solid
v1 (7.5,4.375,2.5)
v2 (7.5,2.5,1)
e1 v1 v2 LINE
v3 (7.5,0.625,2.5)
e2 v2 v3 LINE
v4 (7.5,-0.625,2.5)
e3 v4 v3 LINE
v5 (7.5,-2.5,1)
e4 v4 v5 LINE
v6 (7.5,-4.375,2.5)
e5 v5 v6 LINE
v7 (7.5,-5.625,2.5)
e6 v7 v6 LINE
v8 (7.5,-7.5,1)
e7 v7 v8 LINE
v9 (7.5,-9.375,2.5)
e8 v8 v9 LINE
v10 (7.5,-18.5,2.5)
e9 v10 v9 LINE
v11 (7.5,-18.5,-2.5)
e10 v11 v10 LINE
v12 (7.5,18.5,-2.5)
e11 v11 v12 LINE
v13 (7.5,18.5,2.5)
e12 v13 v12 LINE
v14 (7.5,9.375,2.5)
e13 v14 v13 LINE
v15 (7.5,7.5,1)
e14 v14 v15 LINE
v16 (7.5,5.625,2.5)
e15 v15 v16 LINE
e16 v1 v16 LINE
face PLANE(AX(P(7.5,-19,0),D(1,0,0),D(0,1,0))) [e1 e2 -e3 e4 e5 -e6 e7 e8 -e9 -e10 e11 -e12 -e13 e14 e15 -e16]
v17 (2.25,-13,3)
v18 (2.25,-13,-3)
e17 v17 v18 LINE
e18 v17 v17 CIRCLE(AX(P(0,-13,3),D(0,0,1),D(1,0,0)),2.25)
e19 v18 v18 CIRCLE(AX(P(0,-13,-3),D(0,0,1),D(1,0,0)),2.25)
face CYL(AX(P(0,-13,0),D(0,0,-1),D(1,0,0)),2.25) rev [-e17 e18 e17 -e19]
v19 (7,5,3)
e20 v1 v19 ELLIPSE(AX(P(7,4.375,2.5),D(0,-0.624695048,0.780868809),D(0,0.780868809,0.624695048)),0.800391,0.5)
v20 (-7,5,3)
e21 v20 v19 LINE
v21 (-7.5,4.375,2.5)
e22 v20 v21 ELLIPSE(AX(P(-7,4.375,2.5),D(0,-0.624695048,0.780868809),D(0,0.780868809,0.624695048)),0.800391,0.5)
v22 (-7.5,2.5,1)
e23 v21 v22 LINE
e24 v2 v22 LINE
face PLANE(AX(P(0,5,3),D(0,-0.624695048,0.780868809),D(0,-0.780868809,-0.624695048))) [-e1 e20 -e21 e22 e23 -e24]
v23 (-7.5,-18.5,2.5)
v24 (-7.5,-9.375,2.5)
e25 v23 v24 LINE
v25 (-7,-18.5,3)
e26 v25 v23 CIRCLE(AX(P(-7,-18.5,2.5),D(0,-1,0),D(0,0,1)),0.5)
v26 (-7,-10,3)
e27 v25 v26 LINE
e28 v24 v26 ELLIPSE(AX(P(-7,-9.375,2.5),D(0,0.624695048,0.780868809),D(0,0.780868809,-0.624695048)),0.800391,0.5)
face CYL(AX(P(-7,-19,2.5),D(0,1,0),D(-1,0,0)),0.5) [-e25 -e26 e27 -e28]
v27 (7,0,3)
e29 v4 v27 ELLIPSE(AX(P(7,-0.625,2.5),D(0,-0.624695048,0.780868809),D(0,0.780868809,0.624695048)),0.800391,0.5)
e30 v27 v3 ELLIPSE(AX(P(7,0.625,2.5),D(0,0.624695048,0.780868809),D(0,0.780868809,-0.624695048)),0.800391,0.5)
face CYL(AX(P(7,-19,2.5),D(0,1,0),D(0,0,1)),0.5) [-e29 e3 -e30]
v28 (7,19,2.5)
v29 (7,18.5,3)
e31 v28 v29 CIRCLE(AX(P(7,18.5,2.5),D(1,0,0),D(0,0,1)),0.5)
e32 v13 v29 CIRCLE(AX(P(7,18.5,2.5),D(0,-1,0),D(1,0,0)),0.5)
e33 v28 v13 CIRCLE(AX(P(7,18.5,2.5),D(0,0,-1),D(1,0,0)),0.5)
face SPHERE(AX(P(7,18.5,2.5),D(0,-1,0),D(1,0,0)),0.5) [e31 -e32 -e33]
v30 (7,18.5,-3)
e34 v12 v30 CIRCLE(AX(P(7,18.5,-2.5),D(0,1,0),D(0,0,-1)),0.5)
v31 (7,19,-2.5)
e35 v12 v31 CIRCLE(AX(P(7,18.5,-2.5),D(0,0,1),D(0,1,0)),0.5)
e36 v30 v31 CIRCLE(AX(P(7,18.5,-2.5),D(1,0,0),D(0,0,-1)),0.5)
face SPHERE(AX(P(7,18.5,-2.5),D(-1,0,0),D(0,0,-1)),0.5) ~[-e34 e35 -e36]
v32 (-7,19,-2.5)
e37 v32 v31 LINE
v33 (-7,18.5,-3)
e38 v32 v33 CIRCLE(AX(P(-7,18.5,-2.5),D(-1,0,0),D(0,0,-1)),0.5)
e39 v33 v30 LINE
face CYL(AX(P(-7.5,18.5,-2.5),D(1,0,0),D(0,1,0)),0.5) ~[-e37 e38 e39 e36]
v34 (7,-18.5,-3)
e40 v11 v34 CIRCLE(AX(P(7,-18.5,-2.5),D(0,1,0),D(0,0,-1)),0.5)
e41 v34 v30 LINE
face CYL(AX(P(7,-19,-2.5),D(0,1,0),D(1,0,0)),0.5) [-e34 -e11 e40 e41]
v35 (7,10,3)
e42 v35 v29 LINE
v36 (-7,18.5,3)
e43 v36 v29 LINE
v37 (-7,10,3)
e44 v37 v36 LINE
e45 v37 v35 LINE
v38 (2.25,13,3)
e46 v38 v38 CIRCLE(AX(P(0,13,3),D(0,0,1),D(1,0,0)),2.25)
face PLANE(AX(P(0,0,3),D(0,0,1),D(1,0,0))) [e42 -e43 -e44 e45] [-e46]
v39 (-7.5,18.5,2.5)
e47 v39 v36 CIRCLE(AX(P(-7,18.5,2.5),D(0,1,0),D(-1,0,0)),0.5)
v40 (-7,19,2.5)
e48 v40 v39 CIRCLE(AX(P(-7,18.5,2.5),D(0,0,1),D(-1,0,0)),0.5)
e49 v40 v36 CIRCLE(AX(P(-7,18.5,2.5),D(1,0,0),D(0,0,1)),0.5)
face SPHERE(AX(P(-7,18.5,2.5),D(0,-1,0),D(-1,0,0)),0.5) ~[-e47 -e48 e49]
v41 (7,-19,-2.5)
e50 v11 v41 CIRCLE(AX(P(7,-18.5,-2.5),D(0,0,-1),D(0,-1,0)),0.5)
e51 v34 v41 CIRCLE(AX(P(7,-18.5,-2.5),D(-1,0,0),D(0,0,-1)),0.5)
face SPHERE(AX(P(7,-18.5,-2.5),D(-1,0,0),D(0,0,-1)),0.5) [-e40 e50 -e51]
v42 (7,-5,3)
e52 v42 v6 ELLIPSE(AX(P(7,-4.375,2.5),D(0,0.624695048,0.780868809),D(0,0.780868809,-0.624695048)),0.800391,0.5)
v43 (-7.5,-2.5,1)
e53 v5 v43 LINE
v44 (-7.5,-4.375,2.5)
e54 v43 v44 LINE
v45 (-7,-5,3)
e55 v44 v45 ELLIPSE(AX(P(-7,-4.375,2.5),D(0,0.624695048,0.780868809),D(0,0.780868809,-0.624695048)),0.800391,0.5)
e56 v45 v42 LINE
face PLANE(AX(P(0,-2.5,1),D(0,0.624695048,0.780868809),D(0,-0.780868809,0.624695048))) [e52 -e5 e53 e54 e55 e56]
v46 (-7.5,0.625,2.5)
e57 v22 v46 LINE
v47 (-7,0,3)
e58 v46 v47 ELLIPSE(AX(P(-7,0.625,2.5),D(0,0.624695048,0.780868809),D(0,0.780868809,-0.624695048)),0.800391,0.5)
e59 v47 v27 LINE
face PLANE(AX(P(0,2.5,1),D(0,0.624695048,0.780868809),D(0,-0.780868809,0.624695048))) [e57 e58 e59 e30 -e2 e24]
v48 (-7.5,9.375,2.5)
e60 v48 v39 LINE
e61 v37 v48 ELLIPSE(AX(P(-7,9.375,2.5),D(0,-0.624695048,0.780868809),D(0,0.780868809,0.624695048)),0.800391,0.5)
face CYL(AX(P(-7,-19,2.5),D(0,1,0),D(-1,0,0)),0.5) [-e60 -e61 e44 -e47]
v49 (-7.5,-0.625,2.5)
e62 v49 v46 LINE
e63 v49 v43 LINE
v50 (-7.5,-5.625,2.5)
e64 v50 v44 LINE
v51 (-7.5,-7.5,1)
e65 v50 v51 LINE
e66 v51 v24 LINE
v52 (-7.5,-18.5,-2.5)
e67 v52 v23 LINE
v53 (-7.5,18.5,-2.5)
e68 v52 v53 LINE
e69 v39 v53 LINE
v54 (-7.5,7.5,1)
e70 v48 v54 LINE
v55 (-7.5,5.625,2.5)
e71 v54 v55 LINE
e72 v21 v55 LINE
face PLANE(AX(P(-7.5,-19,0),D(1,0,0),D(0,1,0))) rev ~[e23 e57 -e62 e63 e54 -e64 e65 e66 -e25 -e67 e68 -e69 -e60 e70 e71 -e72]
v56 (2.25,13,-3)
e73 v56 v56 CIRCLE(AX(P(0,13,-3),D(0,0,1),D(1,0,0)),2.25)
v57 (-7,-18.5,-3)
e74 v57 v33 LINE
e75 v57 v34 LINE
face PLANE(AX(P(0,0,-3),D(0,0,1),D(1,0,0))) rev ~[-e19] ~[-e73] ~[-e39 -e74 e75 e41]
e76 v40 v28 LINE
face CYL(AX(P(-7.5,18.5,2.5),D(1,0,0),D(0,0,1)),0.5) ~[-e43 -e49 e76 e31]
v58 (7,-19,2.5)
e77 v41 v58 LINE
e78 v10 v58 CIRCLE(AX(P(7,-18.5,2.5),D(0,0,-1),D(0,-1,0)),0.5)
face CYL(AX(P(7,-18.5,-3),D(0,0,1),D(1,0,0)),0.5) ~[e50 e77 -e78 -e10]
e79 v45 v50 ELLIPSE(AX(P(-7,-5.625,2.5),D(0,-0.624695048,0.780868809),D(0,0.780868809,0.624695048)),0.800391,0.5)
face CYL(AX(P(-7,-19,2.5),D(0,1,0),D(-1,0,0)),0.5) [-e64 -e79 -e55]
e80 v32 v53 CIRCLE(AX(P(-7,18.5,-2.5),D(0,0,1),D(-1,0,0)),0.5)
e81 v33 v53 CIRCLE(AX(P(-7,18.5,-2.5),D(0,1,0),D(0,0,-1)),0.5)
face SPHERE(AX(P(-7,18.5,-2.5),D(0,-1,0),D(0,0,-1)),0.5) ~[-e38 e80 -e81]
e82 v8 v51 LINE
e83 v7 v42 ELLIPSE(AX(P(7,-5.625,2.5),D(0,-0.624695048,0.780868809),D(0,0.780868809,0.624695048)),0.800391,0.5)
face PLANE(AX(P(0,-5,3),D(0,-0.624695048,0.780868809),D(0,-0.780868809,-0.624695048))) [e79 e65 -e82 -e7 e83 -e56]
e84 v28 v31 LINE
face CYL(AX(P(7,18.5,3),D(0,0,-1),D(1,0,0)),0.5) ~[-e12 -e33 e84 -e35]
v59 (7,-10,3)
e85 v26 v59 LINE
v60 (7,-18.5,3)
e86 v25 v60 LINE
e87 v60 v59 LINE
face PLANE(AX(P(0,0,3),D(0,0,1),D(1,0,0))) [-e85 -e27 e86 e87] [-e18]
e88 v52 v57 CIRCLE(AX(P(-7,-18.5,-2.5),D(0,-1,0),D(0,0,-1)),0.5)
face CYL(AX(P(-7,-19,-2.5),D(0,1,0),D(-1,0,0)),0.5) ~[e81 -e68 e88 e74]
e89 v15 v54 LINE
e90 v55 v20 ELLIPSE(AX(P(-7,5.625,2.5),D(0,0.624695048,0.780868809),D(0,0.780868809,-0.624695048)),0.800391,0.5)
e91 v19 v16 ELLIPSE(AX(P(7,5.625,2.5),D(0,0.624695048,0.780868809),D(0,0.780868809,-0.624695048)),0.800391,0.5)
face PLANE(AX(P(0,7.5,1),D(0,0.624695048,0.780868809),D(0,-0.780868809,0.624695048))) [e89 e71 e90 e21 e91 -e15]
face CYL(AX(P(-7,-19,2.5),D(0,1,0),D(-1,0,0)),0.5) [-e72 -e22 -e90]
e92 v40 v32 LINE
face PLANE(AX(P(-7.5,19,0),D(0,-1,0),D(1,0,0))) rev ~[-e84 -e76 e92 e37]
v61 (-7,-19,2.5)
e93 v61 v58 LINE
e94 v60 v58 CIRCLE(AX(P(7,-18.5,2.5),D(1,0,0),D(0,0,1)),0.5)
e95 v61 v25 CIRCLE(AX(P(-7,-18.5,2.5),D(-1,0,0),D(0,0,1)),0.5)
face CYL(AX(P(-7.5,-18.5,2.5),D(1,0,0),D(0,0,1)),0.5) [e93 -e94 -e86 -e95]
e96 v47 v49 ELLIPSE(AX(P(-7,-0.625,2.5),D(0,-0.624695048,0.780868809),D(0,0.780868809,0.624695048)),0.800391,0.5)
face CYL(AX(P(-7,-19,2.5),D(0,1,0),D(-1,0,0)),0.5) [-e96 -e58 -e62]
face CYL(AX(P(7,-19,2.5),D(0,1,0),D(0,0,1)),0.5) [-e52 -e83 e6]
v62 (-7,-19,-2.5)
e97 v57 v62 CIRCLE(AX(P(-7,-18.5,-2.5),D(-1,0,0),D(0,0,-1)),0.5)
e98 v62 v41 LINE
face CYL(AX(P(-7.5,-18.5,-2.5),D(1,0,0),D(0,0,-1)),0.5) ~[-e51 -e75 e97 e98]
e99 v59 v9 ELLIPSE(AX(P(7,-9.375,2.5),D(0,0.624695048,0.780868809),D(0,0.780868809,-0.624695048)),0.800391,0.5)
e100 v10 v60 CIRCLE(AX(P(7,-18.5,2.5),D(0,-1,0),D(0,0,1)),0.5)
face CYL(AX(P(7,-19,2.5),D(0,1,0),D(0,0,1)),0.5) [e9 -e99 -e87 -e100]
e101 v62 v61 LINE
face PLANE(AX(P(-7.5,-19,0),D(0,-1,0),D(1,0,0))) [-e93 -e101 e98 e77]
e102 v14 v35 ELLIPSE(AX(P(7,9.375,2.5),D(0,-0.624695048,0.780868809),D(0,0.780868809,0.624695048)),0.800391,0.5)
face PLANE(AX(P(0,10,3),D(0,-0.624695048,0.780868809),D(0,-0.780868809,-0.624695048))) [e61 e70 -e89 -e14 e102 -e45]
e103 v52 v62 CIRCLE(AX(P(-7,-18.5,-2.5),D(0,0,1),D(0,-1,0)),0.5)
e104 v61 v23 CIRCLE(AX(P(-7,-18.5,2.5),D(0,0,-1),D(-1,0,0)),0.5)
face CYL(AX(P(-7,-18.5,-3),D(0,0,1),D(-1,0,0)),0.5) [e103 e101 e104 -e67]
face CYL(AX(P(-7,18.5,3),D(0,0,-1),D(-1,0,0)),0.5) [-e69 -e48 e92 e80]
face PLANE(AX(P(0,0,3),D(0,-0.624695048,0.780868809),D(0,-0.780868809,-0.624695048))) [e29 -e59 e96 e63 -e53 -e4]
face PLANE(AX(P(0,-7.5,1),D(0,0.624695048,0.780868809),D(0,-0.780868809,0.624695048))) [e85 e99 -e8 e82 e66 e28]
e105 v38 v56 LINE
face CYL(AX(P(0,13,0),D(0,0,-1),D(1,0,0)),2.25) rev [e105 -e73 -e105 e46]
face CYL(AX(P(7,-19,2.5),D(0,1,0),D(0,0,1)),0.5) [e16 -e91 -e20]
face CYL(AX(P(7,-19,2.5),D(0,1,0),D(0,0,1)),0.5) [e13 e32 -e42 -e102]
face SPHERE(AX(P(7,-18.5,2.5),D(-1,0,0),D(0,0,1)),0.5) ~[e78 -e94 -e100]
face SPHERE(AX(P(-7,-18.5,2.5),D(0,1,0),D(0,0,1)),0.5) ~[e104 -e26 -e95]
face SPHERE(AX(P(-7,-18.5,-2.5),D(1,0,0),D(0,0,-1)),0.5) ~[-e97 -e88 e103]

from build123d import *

# Parameters (mm, degrees)
SKETCH_1_W             = 15
SKETCH_1_H             = 38
SKETCH_1_R             = 2.25
EXTRUDE_1_DEPTH        = 3
FILLET_1_R             = 0.5
CUT_EXTRUDE_1_DEPTH    = 7.5
PATTERN_LINEAR_1_COUNT = 4
PATTERN_LINEAR_1_PITCH = 5


with BuildPart() as part:
    # 草图1 → 凸台-拉伸1 (new, symmetric)
    with BuildSketch(Plane.XY):
        Rectangle(SKETCH_1_W, SKETCH_1_H)
        with Locations((0, 13)):
            Circle(SKETCH_1_R, mode=Mode.SUBTRACT)
        with Locations((0, -13)):
            Circle(SKETCH_1_R, mode=Mode.SUBTRACT)
    extrude(amount=EXTRUDE_1_DEPTH, both=True)

    # 圆角1
    fillet_1_edges = [part.edges().sort_by_distance(p)[0] for p in [
        (-7.5, 0, 3),
        (0, -19, 3),
        (7.5, 0, 3),
        (0, -19, -3),
        (-7.5, 0, -3),
        (0, 19, -3),
        (7.5, 0, -3),
        (7.5, -19, 0),
        (-7.5, -19, 0),
        (-7.5, 19, 0),
        (7.5, 19, 0),
        (0, 19, 3),
    ]]
    fillet(fillet_1_edges, radius=FILLET_1_R)

    # 草图2 → 切除-拉伸1 (cut, symmetric)
    with BuildSketch(Plane(origin=(0, 0, 0), x_dir=(0, 0, -1), z_dir=(1, 0, 0))):
        Polygon((-3, 10), (-1, 7.5), (-3, 5), align=None)
    cut_extrude_1 = extrude(amount=CUT_EXTRUDE_1_DEPTH, both=True, mode=Mode.SUBTRACT)

    # 阵列(线性)1: 切除-拉伸1 ×4
    with Locations(*[(0, -i * PATTERN_LINEAR_1_PITCH, 0) for i in range(1, PATTERN_LINEAR_1_COUNT)]):
        add(cut_extrude_1, mode=Mode.SUBTRACT)


solid = part.part
